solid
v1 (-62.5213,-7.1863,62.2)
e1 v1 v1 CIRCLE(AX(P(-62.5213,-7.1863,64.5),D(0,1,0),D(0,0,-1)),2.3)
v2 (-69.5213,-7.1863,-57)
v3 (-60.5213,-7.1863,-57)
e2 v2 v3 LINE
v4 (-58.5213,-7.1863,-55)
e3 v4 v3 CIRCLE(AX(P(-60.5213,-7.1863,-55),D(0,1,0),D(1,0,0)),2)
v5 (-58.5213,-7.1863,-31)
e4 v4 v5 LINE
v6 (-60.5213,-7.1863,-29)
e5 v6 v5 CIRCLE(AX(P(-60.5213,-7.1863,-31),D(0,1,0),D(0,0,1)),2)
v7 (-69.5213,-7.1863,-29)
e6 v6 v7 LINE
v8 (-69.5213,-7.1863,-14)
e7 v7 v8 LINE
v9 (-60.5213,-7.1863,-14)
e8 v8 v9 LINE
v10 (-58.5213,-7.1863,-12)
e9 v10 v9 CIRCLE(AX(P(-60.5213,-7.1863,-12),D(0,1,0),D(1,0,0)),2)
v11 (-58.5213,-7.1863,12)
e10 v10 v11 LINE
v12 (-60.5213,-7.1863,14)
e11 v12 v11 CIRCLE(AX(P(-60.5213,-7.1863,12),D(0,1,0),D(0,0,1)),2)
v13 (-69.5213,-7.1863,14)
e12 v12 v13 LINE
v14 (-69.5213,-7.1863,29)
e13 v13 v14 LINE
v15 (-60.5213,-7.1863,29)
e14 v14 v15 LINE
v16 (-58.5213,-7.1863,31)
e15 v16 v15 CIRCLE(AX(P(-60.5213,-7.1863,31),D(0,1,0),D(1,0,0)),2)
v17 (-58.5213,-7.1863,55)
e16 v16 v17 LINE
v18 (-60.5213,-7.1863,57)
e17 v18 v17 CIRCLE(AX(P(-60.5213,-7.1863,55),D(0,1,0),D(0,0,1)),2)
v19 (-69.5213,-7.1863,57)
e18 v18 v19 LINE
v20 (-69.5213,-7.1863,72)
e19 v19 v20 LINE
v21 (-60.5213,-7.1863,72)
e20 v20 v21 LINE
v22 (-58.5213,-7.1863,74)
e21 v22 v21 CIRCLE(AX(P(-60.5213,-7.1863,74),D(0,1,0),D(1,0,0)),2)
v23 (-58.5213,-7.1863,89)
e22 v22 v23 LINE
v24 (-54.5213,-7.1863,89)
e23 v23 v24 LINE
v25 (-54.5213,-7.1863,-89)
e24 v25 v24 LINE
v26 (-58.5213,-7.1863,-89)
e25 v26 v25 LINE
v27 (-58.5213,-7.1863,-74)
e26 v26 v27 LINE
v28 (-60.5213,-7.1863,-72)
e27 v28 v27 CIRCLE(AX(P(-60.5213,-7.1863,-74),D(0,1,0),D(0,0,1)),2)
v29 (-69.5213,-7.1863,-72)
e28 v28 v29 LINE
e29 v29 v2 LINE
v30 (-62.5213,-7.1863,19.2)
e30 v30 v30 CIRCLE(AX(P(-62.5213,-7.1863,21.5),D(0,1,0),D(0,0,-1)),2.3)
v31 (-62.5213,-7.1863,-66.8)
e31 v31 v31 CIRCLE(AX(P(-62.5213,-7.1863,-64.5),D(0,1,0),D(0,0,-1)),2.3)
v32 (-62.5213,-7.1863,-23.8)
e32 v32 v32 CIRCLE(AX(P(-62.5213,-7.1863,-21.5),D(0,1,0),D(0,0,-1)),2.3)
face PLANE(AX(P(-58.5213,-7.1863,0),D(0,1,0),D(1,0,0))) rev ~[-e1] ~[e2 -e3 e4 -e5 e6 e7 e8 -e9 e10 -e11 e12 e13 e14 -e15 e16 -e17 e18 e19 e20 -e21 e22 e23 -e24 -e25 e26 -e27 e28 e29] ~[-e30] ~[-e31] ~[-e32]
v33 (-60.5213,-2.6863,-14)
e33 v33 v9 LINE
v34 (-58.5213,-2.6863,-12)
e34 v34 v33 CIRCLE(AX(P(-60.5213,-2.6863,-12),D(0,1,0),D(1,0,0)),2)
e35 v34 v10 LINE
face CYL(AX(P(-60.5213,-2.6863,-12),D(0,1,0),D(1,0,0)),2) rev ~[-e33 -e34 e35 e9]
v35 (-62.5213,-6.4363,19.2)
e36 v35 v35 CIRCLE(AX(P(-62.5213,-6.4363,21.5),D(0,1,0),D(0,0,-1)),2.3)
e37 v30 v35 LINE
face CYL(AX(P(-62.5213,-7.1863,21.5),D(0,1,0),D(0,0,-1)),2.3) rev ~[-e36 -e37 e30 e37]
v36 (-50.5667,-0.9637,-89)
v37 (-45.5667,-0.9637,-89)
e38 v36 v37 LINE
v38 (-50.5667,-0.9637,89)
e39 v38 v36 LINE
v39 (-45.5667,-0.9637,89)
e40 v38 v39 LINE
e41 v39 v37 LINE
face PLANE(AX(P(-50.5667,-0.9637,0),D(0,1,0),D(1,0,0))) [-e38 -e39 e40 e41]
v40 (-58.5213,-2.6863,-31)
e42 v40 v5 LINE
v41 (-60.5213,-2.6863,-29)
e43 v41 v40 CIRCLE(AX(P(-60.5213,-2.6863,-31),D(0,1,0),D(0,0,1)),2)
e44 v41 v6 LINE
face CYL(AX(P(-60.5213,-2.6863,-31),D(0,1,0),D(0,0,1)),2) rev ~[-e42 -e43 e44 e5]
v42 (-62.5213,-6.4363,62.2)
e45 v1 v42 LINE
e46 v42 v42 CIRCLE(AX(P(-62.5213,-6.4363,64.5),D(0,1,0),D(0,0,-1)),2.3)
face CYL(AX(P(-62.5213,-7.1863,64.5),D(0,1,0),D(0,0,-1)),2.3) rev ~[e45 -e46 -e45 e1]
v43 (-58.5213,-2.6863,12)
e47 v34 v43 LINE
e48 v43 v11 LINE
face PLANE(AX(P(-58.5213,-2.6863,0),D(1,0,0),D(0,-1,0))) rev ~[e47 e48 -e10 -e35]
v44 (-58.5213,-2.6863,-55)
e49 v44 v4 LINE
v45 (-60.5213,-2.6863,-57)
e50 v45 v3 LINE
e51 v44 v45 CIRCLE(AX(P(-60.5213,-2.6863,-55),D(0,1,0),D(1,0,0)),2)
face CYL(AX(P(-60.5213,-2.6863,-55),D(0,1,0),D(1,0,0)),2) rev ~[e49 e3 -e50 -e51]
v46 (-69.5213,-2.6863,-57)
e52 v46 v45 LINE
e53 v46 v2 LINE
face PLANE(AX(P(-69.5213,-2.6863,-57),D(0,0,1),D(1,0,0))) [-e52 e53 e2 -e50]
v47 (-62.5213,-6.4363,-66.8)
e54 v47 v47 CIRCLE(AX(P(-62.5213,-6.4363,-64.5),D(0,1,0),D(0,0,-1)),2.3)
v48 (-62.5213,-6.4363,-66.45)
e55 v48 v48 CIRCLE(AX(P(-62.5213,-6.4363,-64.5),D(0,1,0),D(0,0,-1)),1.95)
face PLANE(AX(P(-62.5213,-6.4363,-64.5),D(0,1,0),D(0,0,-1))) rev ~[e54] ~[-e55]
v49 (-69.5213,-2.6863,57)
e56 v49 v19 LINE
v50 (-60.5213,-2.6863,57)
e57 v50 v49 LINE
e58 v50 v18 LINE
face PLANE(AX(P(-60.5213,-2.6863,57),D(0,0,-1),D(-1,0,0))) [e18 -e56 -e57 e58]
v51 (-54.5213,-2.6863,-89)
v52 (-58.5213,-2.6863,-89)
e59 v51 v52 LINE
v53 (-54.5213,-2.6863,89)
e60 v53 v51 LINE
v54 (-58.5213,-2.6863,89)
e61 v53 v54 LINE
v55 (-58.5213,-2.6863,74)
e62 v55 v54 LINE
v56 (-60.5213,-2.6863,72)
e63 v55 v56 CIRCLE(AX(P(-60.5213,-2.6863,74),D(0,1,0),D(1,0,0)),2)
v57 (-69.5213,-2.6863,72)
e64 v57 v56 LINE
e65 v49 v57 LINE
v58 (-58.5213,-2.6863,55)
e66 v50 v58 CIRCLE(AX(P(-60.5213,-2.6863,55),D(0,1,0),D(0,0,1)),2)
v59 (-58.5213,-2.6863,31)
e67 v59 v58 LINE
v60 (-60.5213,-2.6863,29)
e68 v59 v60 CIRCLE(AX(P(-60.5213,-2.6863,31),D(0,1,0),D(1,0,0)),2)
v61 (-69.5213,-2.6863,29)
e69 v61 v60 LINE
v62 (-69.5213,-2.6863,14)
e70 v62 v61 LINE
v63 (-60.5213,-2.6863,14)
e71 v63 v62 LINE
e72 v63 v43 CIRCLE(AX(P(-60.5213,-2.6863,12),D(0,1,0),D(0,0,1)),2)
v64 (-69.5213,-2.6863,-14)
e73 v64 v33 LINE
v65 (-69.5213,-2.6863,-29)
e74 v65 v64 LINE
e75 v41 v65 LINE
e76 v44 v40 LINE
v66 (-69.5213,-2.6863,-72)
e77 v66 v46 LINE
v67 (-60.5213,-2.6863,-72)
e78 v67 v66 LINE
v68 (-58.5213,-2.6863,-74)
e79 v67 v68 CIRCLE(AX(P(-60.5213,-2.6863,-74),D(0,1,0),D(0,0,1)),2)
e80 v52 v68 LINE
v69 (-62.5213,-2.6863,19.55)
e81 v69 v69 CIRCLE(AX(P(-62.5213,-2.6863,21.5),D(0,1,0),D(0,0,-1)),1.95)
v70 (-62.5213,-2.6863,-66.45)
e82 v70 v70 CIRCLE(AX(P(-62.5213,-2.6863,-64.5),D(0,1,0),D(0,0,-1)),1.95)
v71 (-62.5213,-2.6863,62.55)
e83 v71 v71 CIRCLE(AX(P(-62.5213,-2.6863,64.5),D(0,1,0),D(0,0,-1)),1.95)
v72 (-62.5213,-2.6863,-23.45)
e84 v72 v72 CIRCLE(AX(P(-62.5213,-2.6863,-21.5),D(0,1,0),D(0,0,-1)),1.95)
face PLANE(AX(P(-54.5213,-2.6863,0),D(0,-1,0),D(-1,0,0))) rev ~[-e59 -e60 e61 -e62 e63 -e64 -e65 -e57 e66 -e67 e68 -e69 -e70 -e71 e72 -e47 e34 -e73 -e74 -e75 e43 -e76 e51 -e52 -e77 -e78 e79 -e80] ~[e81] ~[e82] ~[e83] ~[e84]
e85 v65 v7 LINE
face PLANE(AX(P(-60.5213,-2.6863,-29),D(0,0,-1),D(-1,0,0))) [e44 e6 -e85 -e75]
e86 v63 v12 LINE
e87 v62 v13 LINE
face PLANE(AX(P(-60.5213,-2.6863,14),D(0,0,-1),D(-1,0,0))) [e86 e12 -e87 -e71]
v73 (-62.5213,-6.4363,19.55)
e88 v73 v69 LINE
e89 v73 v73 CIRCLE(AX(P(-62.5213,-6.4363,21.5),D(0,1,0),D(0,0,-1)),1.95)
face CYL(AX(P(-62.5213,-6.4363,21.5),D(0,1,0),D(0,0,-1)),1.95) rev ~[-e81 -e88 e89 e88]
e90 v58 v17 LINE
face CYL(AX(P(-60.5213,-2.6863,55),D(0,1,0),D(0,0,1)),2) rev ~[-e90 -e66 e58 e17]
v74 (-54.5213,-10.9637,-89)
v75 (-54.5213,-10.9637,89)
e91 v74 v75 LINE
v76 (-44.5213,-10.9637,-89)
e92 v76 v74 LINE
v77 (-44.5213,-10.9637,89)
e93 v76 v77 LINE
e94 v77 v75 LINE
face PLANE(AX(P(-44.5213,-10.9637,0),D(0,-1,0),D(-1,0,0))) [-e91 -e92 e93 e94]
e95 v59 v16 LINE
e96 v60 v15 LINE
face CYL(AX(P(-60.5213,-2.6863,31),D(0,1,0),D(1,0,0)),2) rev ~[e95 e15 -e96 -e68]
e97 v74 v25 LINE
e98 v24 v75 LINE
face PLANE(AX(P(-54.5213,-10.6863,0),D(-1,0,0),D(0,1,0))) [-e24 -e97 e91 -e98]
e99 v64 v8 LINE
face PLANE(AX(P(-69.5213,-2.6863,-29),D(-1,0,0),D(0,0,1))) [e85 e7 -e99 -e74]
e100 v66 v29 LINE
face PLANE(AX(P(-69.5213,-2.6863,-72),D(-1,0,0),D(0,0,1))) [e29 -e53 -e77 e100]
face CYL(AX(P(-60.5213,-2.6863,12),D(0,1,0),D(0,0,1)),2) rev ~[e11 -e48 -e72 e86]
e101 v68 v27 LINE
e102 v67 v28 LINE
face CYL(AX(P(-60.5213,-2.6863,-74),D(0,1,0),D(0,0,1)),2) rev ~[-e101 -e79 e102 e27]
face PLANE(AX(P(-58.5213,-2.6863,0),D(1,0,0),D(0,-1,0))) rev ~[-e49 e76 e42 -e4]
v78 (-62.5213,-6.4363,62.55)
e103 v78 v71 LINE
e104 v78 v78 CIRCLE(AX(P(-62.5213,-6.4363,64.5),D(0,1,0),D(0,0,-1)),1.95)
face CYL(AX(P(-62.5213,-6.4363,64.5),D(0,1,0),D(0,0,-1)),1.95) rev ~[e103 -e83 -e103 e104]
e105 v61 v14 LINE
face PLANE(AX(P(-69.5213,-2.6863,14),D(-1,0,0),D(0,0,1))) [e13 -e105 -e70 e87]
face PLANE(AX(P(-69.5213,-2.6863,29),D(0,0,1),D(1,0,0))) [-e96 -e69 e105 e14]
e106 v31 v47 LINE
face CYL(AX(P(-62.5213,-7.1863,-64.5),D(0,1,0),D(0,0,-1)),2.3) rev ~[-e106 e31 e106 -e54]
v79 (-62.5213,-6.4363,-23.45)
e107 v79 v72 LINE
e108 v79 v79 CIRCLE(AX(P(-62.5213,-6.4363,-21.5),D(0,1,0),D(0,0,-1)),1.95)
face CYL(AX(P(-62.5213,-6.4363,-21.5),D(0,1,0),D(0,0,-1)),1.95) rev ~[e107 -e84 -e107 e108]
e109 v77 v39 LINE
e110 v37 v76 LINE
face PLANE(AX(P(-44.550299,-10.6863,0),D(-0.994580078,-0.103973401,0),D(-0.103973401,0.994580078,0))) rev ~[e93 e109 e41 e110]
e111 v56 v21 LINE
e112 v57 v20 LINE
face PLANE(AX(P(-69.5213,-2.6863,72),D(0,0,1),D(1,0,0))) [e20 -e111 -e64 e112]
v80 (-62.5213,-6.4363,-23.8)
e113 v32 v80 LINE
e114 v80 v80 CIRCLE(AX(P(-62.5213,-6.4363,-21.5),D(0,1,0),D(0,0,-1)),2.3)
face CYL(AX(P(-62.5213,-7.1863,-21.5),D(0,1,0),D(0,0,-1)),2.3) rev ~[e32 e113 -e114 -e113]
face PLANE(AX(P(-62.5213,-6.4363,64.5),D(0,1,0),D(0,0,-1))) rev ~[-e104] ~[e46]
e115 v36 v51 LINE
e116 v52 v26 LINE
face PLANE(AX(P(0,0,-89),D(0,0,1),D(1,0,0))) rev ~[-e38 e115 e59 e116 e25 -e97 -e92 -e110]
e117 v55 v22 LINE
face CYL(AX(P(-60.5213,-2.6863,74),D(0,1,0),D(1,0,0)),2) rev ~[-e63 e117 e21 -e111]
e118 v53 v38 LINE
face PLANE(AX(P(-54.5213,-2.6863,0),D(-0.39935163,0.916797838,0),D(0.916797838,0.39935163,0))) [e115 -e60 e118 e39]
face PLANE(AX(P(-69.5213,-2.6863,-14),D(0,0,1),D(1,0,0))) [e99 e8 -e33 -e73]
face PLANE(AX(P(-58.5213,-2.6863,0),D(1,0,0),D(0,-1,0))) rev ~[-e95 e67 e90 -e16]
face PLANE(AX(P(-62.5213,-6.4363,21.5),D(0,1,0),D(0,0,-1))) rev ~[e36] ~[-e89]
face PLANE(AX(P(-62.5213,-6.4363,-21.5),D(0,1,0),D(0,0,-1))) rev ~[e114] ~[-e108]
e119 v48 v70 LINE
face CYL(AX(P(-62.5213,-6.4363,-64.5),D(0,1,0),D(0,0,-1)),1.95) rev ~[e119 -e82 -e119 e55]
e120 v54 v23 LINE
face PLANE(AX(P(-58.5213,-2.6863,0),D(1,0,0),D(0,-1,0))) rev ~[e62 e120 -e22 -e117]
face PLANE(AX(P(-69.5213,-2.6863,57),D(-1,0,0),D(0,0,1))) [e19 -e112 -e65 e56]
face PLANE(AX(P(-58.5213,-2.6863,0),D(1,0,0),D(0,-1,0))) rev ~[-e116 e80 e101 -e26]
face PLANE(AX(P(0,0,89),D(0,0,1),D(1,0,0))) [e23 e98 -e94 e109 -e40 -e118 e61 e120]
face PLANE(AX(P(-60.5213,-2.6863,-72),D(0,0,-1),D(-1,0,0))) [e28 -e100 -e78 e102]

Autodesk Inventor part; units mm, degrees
ref_plane "YZ Plane" through (0, 0, 0) normal (1, 0, 0) x (0, 1, 0)
ref_plane "XZ Plane" through (0, 0, 0) normal (0, 1, 0) x (-1, 0, 0)
sketch "Sketch1" plane through (0, 0, 0) normal (0, 0, 1) x (1, 0, 0)
  line L0 (-60.5213, -2.6863) -> (-60.5213, -7.1863) projected
  line L1 (-69.5213, -2.6863) -> (-60.5213, -2.6863) projected
  line L2 (-69.5213, -7.1863) -> (-69.5213, -2.6863) projected
  line L3 (-60.5213, -7.1863) -> (-69.5213, -7.1863) projected
  line L4 (-60.5213, -7.1863) -> (-58.5213, -7.1863) projected
  line L5 (-58.5213, -2.6863) -> (-60.5213, -2.6863) projected
  line L6 (-58.5213, -10.6863) -> (-54.5213, -10.6863) projected
  line L7 (-54.5213, -10.6863) -> (-54.5213, -7.1863) projected
  line L8 (-58.5213, -7.1863) -> (-54.5213, -7.1863) projected
  line L9 (-58.5213, -10.6863) -> (-58.5213, -7.1863) projected
  line L10 (-58.5213, -2.6863) -> (-58.5213, -7.1863) projected
  line L11 (-58.5213, -7.1863) -> (-54.5213, -7.1863) projected
  line L12 (-54.5213, -7.1863) -> (-54.5213, -10.6863) projected
  line L13 (-54.5213, -10.6863) -> (-40.5213, -10.6863) projected
  line L14 (-40.5213, -10.6863) -> (-54.5213, -1.6863) projected
  line L15 (-54.5213, -1.6863) -> (-54.5213, -2.6863) projected
  line L16 (-54.5213, -2.6863) -> (-58.5213, -2.6863) projected
  line L17 (-58.5213, -0.9637) -> (-44.5213, -0.9637)
  line L18 (-44.5213, -0.9637) -> (-44.5213, -10.9637)
  line L19 (-44.5213, -10.9637) -> (-58.5213, -10.9637)
  line L20 (-58.5213, -10.9637) -> (-58.5213, -0.9637)
  line L21 (-69.5213, -2.6863) -> (-58.5213, -2.6863)
  line L22 (-58.5213, -2.6863) -> (-58.5213, -7.1863)
  line L23 (-58.5213, -7.1863) -> (-69.5213, -7.1863)
  line L24 (-69.5213, -7.1863) -> (-69.5213, -2.6863)
  circle A0 centre (-213.5213, 2.3137) radius 25 projected
  line L25 (-213.5213, -22.6863) -> (-44.5213, -10.9637)
  line L26 (-213.5213, -22.6863) -> (-213.5213, 2.3137)
  line L27 (-44.5213, -10.9637) -> (-40.5213, -10.6863)
  line L28 (-44.5213, -10.9637) -> (-45.5667, -0.9637)
  line L29 (-58.5213, -2.6863) -> (-54.5213, -2.6863)
  line L30 (-54.5213, -2.6863) -> (-54.5213, -0.9637)
  line L31 (-54.5213, -0.9637) -> (-58.5213, -0.9637)
  line L32 (-58.5213, -0.9637) -> (-58.5213, -2.6863)
  line L33 (-54.5213, -2.6863) -> (-50.5667, -0.9637)
  line L34 (-54.5213, -10.6863) -> (-54.5213, -10.9637)
  point P0 (0, 0)
  point P1 (-53.594, -2.2824)
  point P2 (-44.5503, -10.6863)
  dimension "d0" = 14
  dimension "d1" = 10
  dimension "d3" = 88
  dimension "d15" = 5
  dimension "d16" = 23.537
extrude "Extrusion1" add sketch "Sketch1" along normal mid plane 178 contours L16 L33 L14 L28 L13 L7 L8 L10 | L33 L17 L28 L14 | L13 L28 L19 L34
sketch "Sketch2" plane through (-58.5213, -2.6863, 89) normal (0, 1, 0) x (1, 0, 0)
  circle A0 centre (-4, 67.5) radius 1.2295 projected
  circle A1 centre (-4, 153.5) radius 1.2295 projected
  circle A2 centre (-4, 110.5) radius 1.2295 projected
  circle A3 centre (-4, 24.5) radius 1.2295 projected
  line L0 (-2, 161) -> (-11, 161) projected
  line L1 (-11, 161) -> (-11, 146) projected
  line L2 (-11, 146) -> (-2, 146) projected
  arc A4 (0, 144) -> (-2, 146) centre (-2, 144) ccw projected
  line L3 (0, 144) -> (0, 120) projected
  arc A5 (-2, 118) -> (0, 120) centre (-2, 120) ccw projected
  line L4 (-2, 118) -> (-11, 118) projected
  line L5 (-11, 118) -> (-11, 103) projected
  line L6 (-11, 103) -> (-2, 103) projected
  arc A6 (0, 101) -> (-2, 103) centre (-2, 101) ccw projected
  line L7 (0, 101) -> (0, 77) projected
  arc A7 (-2, 75) -> (0, 77) centre (-2, 77) ccw projected
  line L8 (-2, 75) -> (-11, 75) projected
  line L9 (-11, 75) -> (-11, 60) projected
  line L10 (-11, 60) -> (-2, 60) projected
  arc A8 (0, 58) -> (-2, 60) centre (-2, 58) ccw projected
  line L11 (0, 58) -> (0, 34) projected
  arc A9 (-2, 32) -> (0, 34) centre (-2, 34) ccw projected
  line L12 (-2, 32) -> (-11, 32) projected
  line L13 (-11, 32) -> (-11, 17) projected
  line L14 (-11, 17) -> (-2, 17) projected
  arc A10 (0, 15) -> (-2, 17) centre (-2, 15) ccw projected
  line L15 (0, 15) -> (0, 0) projected
  line L16 (4, 0) -> (0, 0) projected
  line L17 (4, 178) -> (4, 0) projected
  line L18 (4, 178) -> (0, 178) projected
  line L19 (0, 178) -> (0, 163) projected
  arc A11 (-2, 161) -> (0, 163) centre (-2, 163) ccw projected
  line L20 (0, 178) -> (0, 0) projected
  point P0 (58.5213, 89)
ref_plane "Work Plane1" through (-69.5213, -7.1863, -89) normal (0, -1, 0) x (1, 0, 0)
extrude "Extrusion2" add sketch "Sketch2" against normal up to surface (4.5 mm away) contours A0 | A1 | A2 | A3 | A11 L20 A4 L2 L1 L0 | L20 A6 L6 L5 L4 A5 | L20 A8 L10 L9 L8 A7 | A10 L14 L13 L12 A9 L20
sketch "Sketch3" plane through (-69.5213, -7.1863, -57) normal (0, -1, 0) x (1, 0, 0)
  circle A0 centre (7, 78.5) radius 1.2295 projected
  circle A1 centre (7, -7.5) radius 1.2295 projected
  circle A2 centre (7, 35.5) radius 1.2295 projected
  circle A3 centre (7, 121.5) radius 1.2295 projected
  line L0 (9, -15) -> (0, -15) projected
  line L1 (0, -15) -> (0, 0) projected
  line L2 (0, 0) -> (9, 0) projected
  arc A4 (9, 0) -> (11, 2) centre (9, 2) ccw projected
  line L3 (11, 2) -> (11, 26) projected
  arc A5 (11, 26) -> (9, 28) centre (9, 26) ccw projected
  line L4 (9, 28) -> (0, 28) projected
  line L5 (0, 28) -> (0, 43) projected
  line L6 (0, 43) -> (9, 43) projected
  arc A6 (9, 43) -> (11, 45) centre (9, 45) ccw projected
  line L7 (11, 45) -> (11, 69) projected
  arc A7 (11, 69) -> (9, 71) centre (9, 69) ccw projected
  line L8 (9, 71) -> (0, 71) projected
  line L9 (0, 71) -> (0, 86) projected
  line L10 (0, 86) -> (9, 86) projected
  arc A8 (9, 86) -> (11, 88) centre (9, 88) ccw projected
  line L11 (11, 88) -> (11, 112) projected
  arc A9 (11, 112) -> (9, 114) centre (9, 112) ccw projected
  line L12 (9, 114) -> (0, 114) projected
  line L13 (0, 114) -> (0, 129) projected
  line L14 (0, 129) -> (9, 129) projected
  arc A10 (9, 129) -> (11, 131) centre (9, 131) ccw projected
  line L15 (11, 131) -> (11, 146) projected
  line L16 (15, 146) -> (11, 146) projected
  line L17 (15, -32) -> (15, 146) projected
  line L18 (15, -32) -> (11, -32) projected
  line L19 (11, -32) -> (11, -17) projected
  arc A11 (11, -17) -> (9, -15) centre (9, -17) ccw projected
  point P0 (69.5213, 57)
hole "Hole1" at (-62.5213, -7.1863, -64.5) at (-62.5213, -7.1863, -21.5) at (-62.5213, -7.1863, 21.5) at (-62.5213, -7.1863, 64.5) direction (0, 1, 0) diameter 3.9 depth 4.5 counterbore diameter 4.6 counterbore depth 0.75
properties part number "plaski_plog" material "PC/ABS Plastic"
